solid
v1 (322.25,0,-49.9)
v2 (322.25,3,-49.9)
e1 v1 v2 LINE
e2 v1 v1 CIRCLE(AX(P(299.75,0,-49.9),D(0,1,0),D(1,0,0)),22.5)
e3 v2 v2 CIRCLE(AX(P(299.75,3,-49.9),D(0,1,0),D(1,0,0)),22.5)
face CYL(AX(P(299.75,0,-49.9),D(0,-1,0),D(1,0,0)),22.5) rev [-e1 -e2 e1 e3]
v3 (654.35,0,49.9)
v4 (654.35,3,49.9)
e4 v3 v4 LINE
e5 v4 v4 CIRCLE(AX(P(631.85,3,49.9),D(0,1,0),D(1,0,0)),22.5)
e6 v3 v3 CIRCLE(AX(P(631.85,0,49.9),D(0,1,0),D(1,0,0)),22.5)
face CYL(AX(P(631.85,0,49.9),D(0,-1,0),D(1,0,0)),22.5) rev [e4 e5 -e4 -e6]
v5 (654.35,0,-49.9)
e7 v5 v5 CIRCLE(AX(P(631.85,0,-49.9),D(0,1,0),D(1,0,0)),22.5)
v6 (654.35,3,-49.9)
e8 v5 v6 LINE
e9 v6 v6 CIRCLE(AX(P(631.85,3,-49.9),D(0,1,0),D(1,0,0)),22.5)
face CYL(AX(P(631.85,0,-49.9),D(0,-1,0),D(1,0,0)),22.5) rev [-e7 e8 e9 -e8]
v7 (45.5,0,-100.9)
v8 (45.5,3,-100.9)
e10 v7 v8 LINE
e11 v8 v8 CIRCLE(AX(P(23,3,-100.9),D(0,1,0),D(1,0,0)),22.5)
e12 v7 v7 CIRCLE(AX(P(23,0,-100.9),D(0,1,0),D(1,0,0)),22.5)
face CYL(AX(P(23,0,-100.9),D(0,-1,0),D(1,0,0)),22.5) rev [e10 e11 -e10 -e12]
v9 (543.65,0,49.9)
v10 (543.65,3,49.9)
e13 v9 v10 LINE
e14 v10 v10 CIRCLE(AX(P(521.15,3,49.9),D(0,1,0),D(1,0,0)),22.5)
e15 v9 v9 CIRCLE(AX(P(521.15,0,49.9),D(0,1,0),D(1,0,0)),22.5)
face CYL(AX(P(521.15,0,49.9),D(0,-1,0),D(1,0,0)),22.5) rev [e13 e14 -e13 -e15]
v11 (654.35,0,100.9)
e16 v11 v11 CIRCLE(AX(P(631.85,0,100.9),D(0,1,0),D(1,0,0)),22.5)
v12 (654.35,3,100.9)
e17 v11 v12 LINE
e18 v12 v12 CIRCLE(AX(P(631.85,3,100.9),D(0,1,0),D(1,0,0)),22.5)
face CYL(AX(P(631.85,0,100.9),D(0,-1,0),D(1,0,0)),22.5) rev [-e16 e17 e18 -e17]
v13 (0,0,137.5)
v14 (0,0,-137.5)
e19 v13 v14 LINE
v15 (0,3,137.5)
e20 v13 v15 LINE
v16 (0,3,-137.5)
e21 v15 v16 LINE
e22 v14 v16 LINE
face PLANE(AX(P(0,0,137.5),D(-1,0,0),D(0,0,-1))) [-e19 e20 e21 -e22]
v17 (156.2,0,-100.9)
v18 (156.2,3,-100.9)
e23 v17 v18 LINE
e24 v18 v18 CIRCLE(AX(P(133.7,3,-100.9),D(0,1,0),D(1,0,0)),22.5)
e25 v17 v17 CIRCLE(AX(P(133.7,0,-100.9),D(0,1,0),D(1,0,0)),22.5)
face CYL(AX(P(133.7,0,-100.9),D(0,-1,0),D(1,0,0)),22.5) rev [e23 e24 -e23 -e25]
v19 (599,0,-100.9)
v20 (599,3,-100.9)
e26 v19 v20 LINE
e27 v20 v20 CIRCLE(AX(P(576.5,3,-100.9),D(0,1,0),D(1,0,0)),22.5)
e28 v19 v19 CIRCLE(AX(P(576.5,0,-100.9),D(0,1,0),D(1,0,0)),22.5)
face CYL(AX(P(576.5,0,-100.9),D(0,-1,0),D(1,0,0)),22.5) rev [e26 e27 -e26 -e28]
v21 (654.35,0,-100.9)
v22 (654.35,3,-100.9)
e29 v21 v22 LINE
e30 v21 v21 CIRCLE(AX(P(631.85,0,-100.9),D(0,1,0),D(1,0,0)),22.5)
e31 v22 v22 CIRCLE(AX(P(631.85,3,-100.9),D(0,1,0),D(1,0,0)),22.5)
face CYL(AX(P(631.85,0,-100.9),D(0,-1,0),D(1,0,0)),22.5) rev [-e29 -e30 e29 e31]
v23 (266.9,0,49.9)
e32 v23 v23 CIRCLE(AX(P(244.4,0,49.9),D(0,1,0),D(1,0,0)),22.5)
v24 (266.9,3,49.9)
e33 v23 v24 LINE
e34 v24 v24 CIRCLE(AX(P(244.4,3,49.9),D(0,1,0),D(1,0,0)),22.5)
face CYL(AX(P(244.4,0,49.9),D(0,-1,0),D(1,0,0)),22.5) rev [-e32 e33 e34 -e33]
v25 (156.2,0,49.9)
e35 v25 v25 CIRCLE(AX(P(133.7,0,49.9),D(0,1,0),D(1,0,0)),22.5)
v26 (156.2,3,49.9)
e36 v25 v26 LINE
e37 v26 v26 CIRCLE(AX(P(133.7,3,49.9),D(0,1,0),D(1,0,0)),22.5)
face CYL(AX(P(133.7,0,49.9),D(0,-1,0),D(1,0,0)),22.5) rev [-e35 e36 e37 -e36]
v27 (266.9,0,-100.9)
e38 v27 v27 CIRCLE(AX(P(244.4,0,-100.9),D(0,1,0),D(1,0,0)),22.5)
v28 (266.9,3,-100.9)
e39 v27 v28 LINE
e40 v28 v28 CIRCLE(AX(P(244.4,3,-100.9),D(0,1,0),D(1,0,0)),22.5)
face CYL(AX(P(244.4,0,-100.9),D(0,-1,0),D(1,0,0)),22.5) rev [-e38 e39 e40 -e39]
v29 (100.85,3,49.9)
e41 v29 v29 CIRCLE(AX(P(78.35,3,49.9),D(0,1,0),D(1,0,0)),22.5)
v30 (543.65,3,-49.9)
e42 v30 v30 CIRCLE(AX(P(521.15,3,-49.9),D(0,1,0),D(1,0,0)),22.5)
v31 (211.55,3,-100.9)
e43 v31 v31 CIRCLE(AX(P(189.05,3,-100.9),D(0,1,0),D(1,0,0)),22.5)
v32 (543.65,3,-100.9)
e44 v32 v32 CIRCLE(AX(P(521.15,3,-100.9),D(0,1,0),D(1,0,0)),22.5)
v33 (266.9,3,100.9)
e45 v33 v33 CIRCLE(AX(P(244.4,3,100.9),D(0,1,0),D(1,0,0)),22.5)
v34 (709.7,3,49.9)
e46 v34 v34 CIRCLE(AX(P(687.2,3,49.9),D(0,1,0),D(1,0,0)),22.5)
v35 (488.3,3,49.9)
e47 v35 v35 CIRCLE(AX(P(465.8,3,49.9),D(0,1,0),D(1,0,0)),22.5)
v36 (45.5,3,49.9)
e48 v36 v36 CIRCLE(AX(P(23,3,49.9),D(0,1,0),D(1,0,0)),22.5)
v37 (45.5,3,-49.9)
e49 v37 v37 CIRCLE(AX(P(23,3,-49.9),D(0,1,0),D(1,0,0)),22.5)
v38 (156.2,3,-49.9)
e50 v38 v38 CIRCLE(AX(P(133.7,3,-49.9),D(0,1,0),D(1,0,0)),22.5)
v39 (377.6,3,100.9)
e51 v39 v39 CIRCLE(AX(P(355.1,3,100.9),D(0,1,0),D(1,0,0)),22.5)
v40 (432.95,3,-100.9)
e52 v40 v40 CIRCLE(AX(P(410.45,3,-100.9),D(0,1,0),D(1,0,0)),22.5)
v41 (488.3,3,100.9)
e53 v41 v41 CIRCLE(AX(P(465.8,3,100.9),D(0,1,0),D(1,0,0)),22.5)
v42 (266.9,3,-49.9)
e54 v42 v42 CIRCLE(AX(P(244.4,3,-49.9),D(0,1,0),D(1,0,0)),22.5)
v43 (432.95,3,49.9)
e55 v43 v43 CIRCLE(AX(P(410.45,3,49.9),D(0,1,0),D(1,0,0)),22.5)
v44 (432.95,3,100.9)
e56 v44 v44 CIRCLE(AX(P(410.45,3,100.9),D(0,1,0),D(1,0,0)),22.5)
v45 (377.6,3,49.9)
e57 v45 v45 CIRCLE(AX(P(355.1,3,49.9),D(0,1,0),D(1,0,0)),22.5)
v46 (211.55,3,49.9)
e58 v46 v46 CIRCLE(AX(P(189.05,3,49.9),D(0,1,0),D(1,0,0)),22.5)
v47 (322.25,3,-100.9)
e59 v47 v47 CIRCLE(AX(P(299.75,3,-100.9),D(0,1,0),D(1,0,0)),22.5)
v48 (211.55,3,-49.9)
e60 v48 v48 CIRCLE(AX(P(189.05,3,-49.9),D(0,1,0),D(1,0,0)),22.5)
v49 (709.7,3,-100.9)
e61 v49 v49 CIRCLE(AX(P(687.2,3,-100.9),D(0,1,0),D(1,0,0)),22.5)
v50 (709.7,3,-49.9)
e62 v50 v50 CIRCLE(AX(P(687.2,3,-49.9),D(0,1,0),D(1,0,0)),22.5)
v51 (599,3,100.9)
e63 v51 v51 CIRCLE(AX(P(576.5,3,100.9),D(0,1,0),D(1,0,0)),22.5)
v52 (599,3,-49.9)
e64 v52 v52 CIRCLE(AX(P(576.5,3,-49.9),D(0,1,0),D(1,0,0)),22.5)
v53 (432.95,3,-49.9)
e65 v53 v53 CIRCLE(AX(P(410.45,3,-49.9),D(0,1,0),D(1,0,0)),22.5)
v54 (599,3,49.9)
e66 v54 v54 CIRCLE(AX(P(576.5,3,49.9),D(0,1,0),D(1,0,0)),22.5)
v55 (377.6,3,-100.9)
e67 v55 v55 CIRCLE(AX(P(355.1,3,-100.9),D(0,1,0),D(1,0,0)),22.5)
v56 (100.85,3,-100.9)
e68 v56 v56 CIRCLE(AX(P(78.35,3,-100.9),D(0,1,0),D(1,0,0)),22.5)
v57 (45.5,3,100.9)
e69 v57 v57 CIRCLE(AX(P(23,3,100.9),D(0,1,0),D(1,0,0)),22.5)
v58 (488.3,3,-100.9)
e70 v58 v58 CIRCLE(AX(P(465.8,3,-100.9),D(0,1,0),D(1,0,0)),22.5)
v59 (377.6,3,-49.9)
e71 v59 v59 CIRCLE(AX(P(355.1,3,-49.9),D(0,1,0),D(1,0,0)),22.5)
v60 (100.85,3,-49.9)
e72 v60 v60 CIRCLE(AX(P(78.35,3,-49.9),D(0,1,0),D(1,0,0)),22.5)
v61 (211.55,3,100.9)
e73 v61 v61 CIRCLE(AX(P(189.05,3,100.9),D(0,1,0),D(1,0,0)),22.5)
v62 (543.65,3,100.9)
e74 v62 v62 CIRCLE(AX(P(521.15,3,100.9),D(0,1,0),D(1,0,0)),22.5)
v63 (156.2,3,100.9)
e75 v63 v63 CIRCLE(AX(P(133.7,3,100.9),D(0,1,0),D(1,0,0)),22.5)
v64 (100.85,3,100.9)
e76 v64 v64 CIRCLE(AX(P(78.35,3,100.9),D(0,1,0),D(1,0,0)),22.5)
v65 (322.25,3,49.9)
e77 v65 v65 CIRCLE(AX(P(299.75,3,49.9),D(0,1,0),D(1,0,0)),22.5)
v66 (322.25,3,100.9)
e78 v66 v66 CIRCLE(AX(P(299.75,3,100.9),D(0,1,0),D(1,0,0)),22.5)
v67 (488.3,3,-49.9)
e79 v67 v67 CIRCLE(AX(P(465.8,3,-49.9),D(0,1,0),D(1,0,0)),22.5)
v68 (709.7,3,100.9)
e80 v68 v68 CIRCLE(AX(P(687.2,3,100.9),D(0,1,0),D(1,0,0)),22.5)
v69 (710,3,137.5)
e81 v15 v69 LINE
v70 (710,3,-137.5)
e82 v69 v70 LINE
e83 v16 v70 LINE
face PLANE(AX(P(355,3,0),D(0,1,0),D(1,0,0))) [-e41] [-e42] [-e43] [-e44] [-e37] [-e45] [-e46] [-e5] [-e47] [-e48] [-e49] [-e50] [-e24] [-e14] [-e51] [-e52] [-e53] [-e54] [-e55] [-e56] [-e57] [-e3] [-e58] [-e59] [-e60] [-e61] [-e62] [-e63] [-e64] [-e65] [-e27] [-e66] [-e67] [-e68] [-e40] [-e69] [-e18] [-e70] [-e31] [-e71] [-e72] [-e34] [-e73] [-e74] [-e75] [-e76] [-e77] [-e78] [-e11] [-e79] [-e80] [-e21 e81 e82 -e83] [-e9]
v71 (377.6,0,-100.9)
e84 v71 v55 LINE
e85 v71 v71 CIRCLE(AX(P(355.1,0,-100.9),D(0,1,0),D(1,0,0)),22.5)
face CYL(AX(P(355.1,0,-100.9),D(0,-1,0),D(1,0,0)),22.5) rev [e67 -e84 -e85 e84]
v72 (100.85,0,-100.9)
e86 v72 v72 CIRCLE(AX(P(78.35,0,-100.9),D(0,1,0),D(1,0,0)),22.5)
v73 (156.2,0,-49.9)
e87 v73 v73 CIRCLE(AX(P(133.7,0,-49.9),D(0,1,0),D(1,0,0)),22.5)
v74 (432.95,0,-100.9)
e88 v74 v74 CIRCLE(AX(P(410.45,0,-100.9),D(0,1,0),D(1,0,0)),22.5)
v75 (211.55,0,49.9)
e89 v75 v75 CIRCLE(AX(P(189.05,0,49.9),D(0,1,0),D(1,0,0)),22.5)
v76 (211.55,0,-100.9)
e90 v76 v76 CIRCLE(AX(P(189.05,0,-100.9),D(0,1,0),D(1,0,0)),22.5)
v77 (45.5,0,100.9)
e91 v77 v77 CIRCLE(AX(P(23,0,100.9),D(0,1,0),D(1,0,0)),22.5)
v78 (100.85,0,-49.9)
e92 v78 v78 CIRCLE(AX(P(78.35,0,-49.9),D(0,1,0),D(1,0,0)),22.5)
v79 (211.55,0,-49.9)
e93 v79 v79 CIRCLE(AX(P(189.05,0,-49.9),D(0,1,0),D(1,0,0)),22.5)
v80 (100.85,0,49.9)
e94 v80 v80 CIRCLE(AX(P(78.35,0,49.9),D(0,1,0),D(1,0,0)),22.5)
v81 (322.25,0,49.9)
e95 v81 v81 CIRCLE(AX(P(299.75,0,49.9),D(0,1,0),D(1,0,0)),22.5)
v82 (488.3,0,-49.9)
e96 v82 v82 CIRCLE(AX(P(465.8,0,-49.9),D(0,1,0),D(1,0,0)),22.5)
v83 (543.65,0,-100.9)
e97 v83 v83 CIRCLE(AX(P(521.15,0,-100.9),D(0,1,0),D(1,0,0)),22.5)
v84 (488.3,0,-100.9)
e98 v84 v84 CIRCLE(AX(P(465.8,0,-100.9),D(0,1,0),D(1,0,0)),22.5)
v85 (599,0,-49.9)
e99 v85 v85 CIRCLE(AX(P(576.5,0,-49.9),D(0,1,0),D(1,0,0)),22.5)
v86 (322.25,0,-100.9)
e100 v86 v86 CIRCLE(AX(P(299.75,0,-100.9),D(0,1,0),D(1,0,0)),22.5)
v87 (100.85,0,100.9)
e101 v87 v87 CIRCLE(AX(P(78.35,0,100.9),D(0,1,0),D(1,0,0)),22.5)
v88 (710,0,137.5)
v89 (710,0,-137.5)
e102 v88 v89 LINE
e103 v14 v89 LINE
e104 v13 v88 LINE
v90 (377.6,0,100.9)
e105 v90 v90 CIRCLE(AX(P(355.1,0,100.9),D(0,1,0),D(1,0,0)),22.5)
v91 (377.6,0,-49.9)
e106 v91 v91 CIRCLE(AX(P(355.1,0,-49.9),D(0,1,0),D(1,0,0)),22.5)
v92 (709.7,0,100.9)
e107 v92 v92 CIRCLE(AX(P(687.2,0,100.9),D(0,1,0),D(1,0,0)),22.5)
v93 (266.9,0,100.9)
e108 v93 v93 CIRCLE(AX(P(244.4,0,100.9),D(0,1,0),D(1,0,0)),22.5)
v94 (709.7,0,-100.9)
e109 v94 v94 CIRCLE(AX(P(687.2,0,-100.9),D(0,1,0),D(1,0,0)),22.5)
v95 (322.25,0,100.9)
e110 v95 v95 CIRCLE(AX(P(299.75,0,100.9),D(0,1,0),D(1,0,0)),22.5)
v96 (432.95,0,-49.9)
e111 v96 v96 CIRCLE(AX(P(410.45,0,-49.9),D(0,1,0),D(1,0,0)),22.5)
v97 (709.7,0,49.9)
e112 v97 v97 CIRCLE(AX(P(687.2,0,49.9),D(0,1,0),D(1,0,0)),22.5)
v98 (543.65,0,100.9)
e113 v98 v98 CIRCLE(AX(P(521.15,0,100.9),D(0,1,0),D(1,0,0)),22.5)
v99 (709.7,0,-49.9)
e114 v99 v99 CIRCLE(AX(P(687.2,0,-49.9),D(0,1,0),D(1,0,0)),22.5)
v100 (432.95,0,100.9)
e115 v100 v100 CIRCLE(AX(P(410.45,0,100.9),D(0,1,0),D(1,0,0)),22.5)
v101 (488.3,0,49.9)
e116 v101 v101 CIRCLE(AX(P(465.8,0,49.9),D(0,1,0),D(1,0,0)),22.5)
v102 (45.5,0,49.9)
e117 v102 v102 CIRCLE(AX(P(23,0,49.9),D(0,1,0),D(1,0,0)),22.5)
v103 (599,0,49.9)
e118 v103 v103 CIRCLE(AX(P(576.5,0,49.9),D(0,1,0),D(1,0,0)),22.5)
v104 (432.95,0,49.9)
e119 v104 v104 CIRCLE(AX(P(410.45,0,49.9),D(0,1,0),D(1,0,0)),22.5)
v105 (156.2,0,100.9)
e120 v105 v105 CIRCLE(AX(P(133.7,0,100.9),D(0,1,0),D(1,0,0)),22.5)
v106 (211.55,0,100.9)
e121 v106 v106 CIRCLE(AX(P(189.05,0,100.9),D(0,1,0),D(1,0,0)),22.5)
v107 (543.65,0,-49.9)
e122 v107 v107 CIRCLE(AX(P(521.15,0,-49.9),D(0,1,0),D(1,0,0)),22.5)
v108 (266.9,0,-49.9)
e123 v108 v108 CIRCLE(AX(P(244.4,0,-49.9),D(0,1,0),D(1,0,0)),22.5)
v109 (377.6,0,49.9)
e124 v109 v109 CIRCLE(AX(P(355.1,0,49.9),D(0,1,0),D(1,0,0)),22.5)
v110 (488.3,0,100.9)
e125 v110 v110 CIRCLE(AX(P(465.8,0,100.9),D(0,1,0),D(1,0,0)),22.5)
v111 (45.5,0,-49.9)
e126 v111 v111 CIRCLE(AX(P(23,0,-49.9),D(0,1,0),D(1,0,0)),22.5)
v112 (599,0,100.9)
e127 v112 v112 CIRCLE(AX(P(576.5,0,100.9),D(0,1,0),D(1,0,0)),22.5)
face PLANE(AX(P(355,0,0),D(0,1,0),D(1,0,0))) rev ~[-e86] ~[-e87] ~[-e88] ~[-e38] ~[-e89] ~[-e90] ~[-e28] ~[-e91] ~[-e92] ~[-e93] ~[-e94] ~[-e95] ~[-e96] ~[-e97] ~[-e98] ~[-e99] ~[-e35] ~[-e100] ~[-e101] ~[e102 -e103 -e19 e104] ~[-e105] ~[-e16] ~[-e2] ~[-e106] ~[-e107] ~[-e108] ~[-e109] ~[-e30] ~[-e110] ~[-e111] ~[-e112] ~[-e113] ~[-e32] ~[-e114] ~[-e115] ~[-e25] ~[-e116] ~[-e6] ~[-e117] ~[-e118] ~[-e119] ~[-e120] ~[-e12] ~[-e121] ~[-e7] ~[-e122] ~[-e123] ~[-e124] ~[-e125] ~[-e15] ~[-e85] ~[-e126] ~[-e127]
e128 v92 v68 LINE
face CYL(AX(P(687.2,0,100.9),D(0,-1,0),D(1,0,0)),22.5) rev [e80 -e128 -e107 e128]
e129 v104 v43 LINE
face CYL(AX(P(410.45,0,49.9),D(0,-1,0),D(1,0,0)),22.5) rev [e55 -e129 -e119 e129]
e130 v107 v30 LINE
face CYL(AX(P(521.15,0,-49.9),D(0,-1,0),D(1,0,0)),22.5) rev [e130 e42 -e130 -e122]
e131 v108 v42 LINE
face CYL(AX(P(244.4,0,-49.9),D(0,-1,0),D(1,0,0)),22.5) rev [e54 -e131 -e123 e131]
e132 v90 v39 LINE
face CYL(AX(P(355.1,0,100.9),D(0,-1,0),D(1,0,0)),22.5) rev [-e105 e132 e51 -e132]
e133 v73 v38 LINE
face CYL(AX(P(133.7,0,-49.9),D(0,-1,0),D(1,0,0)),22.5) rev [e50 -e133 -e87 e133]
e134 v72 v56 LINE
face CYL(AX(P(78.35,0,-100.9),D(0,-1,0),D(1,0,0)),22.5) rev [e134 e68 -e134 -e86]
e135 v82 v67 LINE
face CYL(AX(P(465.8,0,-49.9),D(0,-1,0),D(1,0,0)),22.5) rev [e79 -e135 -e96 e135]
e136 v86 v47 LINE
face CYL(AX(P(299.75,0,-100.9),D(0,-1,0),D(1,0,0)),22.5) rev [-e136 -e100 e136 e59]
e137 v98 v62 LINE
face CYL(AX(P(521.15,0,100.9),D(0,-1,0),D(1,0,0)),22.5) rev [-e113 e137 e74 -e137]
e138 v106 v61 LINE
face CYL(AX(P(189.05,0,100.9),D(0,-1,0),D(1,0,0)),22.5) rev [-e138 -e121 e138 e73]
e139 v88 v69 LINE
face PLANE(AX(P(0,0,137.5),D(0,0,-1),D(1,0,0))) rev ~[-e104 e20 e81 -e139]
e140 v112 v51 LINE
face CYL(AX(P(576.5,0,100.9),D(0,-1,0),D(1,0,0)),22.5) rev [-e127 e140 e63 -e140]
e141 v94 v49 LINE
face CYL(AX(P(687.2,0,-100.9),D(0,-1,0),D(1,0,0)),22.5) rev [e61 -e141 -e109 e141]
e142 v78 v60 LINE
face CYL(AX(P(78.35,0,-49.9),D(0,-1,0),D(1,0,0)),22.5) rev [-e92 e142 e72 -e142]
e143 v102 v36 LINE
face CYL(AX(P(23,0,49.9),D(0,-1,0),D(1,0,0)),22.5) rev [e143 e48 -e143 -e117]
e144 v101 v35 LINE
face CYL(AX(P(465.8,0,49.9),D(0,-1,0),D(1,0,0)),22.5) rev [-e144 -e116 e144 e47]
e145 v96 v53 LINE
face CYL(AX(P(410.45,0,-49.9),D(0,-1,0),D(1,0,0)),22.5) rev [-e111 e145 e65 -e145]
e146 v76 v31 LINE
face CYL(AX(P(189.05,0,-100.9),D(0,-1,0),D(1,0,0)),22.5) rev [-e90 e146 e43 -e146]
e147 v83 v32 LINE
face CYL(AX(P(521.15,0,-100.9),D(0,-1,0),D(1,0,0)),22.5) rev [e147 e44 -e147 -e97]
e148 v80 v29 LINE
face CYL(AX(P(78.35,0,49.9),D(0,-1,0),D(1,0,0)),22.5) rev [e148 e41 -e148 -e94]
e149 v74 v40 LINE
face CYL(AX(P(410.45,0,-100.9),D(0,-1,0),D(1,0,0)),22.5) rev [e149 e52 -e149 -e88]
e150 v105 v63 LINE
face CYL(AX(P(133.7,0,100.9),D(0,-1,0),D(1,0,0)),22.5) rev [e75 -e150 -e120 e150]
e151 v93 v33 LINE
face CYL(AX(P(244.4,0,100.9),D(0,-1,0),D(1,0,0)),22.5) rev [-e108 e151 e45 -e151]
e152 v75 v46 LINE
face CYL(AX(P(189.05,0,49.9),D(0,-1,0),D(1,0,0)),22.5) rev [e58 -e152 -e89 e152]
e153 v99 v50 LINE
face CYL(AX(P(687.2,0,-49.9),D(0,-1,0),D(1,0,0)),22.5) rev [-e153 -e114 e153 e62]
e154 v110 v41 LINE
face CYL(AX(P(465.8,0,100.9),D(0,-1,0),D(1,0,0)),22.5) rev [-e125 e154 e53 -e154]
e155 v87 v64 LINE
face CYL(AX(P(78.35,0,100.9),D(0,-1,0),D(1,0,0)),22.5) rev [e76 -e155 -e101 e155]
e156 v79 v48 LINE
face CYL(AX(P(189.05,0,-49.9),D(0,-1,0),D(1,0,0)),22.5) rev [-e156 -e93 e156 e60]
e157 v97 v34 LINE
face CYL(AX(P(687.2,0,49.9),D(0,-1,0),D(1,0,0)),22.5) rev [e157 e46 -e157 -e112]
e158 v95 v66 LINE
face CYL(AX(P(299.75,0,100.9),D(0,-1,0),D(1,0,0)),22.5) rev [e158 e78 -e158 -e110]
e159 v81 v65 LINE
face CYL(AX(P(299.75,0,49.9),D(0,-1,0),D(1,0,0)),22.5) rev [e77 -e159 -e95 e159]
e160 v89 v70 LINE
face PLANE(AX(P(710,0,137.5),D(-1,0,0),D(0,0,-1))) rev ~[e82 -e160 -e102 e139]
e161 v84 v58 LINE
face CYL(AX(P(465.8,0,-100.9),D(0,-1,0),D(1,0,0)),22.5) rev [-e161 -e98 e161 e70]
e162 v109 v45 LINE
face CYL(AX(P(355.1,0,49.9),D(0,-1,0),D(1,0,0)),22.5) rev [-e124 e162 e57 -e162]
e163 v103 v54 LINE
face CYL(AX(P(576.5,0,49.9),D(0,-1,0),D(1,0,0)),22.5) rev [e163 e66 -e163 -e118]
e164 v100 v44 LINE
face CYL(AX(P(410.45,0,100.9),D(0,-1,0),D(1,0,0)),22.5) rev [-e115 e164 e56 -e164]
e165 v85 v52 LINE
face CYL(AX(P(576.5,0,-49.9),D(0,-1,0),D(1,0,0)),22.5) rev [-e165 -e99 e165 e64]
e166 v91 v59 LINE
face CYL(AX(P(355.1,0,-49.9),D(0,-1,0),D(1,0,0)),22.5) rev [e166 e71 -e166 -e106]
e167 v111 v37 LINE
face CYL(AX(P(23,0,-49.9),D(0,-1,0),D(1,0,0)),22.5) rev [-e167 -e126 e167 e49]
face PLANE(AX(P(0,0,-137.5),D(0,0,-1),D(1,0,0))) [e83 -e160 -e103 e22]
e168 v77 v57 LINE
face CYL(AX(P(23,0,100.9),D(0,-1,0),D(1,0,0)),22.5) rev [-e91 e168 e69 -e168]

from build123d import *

# Parameters (mm, degrees)
SKETCH1_W           = 710
SKETCH1_H           = 275
SKETCH1_R           = 22.5
BOSS_EXTRUDE1_DEPTH = 3


with BuildPart() as part:
    # Sketch1 → Boss-Extrude1 (new body)
    with BuildSketch(Plane(origin=(0, 0, 0), x_dir=(1, 0, 0), z_dir=(0, 1, 0))):
        with Locations((355, 0)):
            Rectangle(SKETCH1_W, SKETCH1_H)
        with Locations((23, 100.9)):
            Circle(SKETCH1_R, mode=Mode.SUBTRACT)
        with Locations((23, 49.9)):
            Circle(SKETCH1_R, mode=Mode.SUBTRACT)
        with Locations((23, -49.9)):
            Circle(SKETCH1_R, mode=Mode.SUBTRACT)
        with Locations((23, -100.9)):
            Circle(SKETCH1_R, mode=Mode.SUBTRACT)
        with Locations((78.35, 100.9)):
            Circle(SKETCH1_R, mode=Mode.SUBTRACT)
        with Locations((78.35, 49.9)):
            Circle(SKETCH1_R, mode=Mode.SUBTRACT)
        with Locations((78.35, -49.9)):
            Circle(SKETCH1_R, mode=Mode.SUBTRACT)
        with Locations((78.35, -100.9)):
            Circle(SKETCH1_R, mode=Mode.SUBTRACT)
        with Locations((133.7, 100.9)):
            Circle(SKETCH1_R, mode=Mode.SUBTRACT)
        with Locations((133.7, 49.9)):
            Circle(SKETCH1_R, mode=Mode.SUBTRACT)
        with Locations((133.7, -49.9)):
            Circle(SKETCH1_R, mode=Mode.SUBTRACT)
        with Locations((133.7, -100.9)):
            Circle(SKETCH1_R, mode=Mode.SUBTRACT)
        with Locations((189.05, 100.9)):
            Circle(SKETCH1_R, mode=Mode.SUBTRACT)
        with Locations((189.05, 49.9)):
            Circle(SKETCH1_R, mode=Mode.SUBTRACT)
        with Locations((189.05, -49.9)):
            Circle(SKETCH1_R, mode=Mode.SUBTRACT)
        with Locations((189.05, -100.9)):
            Circle(SKETCH1_R, mode=Mode.SUBTRACT)
        with Locations((244.4, 100.9)):
            Circle(SKETCH1_R, mode=Mode.SUBTRACT)
        with Locations((244.4, 49.9)):
            Circle(SKETCH1_R, mode=Mode.SUBTRACT)
        with Locations((244.4, -49.9)):
            Circle(SKETCH1_R, mode=Mode.SUBTRACT)
        with Locations((244.4, -100.9)):
            Circle(SKETCH1_R, mode=Mode.SUBTRACT)
        with Locations((299.75, 100.9)):
            Circle(SKETCH1_R, mode=Mode.SUBTRACT)
        with Locations((299.75, 49.9)):
            Circle(SKETCH1_R, mode=Mode.SUBTRACT)
        with Locations((299.75, -49.9)):
            Circle(SKETCH1_R, mode=Mode.SUBTRACT)
        with Locations((299.75, -100.9)):
            Circle(SKETCH1_R, mode=Mode.SUBTRACT)
        with Locations((355.1, 100.9)):
            Circle(SKETCH1_R, mode=Mode.SUBTRACT)
        with Locations((355.1, 49.9)):
            Circle(SKETCH1_R, mode=Mode.SUBTRACT)
        with Locations((355.1, -49.9)):
            Circle(SKETCH1_R, mode=Mode.SUBTRACT)
        with Locations((355.1, -100.9)):
            Circle(SKETCH1_R, mode=Mode.SUBTRACT)
        with Locations((410.45, 100.9)):
            Circle(SKETCH1_R, mode=Mode.SUBTRACT)
        with Locations((410.45, 49.9)):
            Circle(SKETCH1_R, mode=Mode.SUBTRACT)
        with Locations((410.45, -49.9)):
            Circle(SKETCH1_R, mode=Mode.SUBTRACT)
        with Locations((410.45, -100.9)):
            Circle(SKETCH1_R, mode=Mode.SUBTRACT)
        with Locations((465.8, 100.9)):
            Circle(SKETCH1_R, mode=Mode.SUBTRACT)
        with Locations((465.8, 49.9)):
            Circle(SKETCH1_R, mode=Mode.SUBTRACT)
        with Locations((465.8, -49.9)):
            Circle(SKETCH1_R, mode=Mode.SUBTRACT)
        with Locations((465.8, -100.9)):
            Circle(SKETCH1_R, mode=Mode.SUBTRACT)
        with Locations((521.15, 100.9)):
            Circle(SKETCH1_R, mode=Mode.SUBTRACT)
        with Locations((521.15, 49.9)):
            Circle(SKETCH1_R, mode=Mode.SUBTRACT)
        with Locations((521.15, -49.9)):
            Circle(SKETCH1_R, mode=Mode.SUBTRACT)
        with Locations((521.15, -100.9)):
            Circle(SKETCH1_R, mode=Mode.SUBTRACT)
        with Locations((576.5, 100.9)):
            Circle(SKETCH1_R, mode=Mode.SUBTRACT)
        with Locations((576.5, 49.9)):
            Circle(SKETCH1_R, mode=Mode.SUBTRACT)
        with Locations((576.5, -49.9)):
            Circle(SKETCH1_R, mode=Mode.SUBTRACT)
        with Locations((576.5, -100.9)):
            Circle(SKETCH1_R, mode=Mode.SUBTRACT)
        with Locations((631.85, 100.9)):
            Circle(SKETCH1_R, mode=Mode.SUBTRACT)
        with Locations((631.85, 49.9)):
            Circle(SKETCH1_R, mode=Mode.SUBTRACT)
        with Locations((631.85, -49.9)):
            Circle(SKETCH1_R, mode=Mode.SUBTRACT)
        with Locations((631.85, -100.9)):
            Circle(SKETCH1_R, mode=Mode.SUBTRACT)
        with Locations((687.2, 100.9)):
            Circle(SKETCH1_R, mode=Mode.SUBTRACT)
        with Locations((687.2, 49.9)):
            Circle(SKETCH1_R, mode=Mode.SUBTRACT)
        with Locations((687.2, -49.9)):
            Circle(SKETCH1_R, mode=Mode.SUBTRACT)
        with Locations((687.2, -100.9)):
            Circle(SKETCH1_R, mode=Mode.SUBTRACT)
    extrude(amount=BOSS_EXTRUDE1_DEPTH)


solid = part.part
